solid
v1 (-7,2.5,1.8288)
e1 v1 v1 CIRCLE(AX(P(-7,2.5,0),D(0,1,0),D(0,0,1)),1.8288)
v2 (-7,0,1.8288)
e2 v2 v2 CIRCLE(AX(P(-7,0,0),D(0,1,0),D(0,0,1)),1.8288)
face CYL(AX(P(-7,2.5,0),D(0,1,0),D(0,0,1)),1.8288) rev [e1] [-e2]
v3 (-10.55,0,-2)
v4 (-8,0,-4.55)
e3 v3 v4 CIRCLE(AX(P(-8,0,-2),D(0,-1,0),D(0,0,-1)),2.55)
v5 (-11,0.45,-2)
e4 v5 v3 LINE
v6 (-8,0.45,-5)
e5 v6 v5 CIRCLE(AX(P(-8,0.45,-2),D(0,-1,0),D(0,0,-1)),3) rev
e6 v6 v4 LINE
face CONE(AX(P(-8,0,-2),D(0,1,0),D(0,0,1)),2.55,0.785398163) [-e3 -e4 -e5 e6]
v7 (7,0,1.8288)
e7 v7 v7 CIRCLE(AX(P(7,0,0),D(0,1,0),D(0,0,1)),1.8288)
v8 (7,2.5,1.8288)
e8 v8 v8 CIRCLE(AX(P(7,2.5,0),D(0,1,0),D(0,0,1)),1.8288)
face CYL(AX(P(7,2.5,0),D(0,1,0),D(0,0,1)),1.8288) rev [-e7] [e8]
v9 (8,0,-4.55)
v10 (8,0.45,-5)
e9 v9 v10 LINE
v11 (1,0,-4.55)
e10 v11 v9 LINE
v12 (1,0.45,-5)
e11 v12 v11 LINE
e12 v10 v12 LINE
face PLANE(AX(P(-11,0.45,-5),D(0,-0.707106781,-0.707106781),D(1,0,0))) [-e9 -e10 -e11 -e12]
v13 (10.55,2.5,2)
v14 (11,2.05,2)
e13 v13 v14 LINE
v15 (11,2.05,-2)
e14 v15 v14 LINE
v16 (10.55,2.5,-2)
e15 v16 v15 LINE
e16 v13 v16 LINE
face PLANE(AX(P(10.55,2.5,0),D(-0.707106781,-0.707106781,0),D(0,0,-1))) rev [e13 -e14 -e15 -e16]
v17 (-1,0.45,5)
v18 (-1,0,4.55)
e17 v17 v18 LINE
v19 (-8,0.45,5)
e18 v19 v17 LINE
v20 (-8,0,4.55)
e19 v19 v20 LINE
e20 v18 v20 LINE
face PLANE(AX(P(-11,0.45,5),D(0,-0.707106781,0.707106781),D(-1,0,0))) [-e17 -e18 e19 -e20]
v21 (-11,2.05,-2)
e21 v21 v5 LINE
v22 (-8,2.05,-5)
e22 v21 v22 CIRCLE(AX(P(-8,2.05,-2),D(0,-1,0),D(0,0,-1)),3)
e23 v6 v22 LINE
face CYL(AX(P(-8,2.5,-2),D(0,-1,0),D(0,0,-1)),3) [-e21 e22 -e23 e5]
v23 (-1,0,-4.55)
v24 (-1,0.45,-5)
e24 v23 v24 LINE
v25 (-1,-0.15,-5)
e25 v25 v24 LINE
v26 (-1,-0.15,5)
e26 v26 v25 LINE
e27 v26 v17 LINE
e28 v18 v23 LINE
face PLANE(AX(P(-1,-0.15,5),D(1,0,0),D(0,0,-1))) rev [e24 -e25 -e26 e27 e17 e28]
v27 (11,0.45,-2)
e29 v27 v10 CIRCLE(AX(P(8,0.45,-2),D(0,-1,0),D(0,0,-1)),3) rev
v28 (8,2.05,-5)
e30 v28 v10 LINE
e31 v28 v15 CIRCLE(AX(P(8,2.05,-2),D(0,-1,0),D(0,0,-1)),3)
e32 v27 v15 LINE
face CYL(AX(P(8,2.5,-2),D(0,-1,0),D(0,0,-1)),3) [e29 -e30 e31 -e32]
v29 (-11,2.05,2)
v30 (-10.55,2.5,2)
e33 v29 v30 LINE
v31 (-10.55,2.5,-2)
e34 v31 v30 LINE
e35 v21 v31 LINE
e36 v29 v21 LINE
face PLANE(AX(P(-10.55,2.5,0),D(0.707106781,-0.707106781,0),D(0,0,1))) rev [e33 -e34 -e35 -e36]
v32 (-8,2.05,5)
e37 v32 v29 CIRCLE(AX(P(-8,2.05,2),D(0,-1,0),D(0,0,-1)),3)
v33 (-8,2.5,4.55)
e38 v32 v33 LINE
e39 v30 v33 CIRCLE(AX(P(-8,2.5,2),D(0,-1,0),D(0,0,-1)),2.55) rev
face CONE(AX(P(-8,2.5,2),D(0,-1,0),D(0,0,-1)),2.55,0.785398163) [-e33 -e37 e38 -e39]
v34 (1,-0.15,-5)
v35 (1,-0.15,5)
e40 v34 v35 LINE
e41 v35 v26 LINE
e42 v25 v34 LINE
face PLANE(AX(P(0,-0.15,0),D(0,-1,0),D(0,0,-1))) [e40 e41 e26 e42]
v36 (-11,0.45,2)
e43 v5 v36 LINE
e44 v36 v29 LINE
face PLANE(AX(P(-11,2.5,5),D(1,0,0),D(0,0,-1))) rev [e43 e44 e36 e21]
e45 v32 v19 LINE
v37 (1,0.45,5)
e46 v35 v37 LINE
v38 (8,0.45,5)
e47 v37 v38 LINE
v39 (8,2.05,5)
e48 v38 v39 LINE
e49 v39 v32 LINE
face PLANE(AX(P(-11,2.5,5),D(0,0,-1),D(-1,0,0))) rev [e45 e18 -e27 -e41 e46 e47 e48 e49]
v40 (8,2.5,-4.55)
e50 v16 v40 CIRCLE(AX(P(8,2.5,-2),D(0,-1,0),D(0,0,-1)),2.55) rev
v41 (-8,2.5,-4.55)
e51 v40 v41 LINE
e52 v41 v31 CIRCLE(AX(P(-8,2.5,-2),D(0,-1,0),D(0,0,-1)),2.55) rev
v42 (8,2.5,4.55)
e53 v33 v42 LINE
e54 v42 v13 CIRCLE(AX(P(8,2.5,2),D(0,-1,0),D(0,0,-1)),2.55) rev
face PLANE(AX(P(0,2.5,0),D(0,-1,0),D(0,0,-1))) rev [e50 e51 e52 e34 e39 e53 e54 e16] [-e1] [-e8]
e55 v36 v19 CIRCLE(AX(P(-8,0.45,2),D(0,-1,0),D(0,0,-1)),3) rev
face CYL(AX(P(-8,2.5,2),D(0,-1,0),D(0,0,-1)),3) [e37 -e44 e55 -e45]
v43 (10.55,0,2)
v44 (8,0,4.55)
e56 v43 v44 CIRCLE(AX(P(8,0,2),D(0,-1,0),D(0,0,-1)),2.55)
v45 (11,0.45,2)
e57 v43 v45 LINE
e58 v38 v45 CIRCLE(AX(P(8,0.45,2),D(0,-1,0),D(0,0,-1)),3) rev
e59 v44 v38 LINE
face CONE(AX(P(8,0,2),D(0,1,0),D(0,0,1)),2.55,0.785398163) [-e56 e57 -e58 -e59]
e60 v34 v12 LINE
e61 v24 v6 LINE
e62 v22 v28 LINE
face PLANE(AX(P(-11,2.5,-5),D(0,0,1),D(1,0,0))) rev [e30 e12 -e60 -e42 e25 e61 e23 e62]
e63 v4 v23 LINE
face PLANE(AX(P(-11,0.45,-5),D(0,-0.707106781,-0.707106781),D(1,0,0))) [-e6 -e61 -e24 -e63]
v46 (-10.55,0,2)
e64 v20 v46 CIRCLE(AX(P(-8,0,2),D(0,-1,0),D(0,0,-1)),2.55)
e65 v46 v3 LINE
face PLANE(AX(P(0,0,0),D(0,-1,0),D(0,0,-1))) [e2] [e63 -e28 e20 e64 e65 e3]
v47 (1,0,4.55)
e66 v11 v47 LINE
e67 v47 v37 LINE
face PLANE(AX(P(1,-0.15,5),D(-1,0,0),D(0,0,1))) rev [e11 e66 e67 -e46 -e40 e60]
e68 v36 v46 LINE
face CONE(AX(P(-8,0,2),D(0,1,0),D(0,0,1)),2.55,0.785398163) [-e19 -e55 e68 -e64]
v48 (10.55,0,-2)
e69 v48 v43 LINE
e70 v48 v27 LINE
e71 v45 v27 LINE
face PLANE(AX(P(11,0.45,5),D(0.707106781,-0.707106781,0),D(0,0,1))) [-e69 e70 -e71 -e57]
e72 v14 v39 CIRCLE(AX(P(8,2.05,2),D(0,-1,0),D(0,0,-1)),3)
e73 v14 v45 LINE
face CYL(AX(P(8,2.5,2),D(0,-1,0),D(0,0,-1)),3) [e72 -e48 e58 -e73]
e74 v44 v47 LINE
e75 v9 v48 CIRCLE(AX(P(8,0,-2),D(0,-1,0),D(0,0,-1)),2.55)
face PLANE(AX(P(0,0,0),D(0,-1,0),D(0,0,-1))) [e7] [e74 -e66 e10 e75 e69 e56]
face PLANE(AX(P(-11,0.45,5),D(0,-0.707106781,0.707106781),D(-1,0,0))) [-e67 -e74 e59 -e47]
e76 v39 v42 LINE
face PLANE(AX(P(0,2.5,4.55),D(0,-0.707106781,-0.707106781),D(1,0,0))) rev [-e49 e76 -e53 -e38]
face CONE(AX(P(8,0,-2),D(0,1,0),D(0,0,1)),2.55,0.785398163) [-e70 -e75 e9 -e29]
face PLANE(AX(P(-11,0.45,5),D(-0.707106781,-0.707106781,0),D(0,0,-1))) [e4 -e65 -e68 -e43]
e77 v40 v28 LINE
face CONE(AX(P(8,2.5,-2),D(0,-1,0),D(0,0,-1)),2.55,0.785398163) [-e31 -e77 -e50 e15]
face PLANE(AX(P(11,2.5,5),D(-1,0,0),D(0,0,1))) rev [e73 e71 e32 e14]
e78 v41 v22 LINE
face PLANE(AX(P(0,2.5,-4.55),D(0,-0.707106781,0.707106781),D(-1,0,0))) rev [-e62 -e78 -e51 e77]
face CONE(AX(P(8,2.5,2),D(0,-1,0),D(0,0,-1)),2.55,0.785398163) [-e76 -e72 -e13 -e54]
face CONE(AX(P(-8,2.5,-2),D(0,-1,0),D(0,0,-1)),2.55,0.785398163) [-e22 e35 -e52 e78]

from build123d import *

# Parameters (mm, degrees)
SKETCH1_W             = 22
SKETCH1_H             = 10
BOSS_EXTRUDE1_DEPTH   = 2.5
F_6_CLEARANCE_HOLE1_D = 3.6576
SKETCH4_W             = 2
SKETCH4_H             = 10
BOSS_EXTRUDE2_DEPTH   = 0.15
FILLET1_R             = 3
CHAMFER1_SIZE         = 0.45


with BuildPart() as part:
    # Sketch1 → Boss-Extrude1 (new body)
    with BuildSketch(Plane(origin=(0, 0, 0), x_dir=(1, 0, 0), z_dir=(0, 1, 0))):
        Rectangle(SKETCH1_W, SKETCH1_H)
    extrude(amount=BOSS_EXTRUDE1_DEPTH)

    # #6 Clearance Hole1 (through all)
    with Locations(Plane(origin=(0, 2.5, 0), x_dir=(1, 0, 0), z_dir=(0, 1, 0))):
        with Locations((7, 0), (-7, 0)):
            Hole(F_6_CLEARANCE_HOLE1_D / 2)

    # Sketch4 → Boss-Extrude2 (add)
    with BuildSketch(Plane.XZ):
        Rectangle(SKETCH4_W, SKETCH4_H)
    extrude(amount=BOSS_EXTRUDE2_DEPTH)

    # Fillet1
    fillet1_edges = [part.edges().sort_by_distance(p)[0] for p in [
        (11, 1.25, 5),
        (-11, 1.25, 5),
        (-11, 1.25, -5),
        (11, 1.25, -5),
    ]]
    fillet(fillet1_edges, radius=FILLET1_R)

    # Chamfer1
    chamfer1_edges = [part.edges().sort_by_distance(p)[0] for p in [
        (4.5, 0, 5),
        (-4.5, 0, -5),
        (11, 0, 0),
        (11, 2.5, 0),
        (4.5, 0, -5),
        (10.121320344, 0, -4.121320344),
        (10.121320344, 0, 4.121320344),
        (-4.5, 0, 5),
        (0, 2.5, 5),
        (0, 2.5, -5),
        (-11, 2.5, 0),
        (-10.121320344, 2.5, 4.121320344),
        (-10.121320344, 2.5, -4.121320344),
        (10.121320344, 2.5, -4.121320344),
        (10.121320344, 2.5, 4.121320344),
        (-11, 0, 0),
        (-10.121320344, 0, 4.121320344),
        (-10.121320344, 0, -4.121320344),
    ]]
    chamfer(chamfer1_edges, length=CHAMFER1_SIZE)


solid = part.part
